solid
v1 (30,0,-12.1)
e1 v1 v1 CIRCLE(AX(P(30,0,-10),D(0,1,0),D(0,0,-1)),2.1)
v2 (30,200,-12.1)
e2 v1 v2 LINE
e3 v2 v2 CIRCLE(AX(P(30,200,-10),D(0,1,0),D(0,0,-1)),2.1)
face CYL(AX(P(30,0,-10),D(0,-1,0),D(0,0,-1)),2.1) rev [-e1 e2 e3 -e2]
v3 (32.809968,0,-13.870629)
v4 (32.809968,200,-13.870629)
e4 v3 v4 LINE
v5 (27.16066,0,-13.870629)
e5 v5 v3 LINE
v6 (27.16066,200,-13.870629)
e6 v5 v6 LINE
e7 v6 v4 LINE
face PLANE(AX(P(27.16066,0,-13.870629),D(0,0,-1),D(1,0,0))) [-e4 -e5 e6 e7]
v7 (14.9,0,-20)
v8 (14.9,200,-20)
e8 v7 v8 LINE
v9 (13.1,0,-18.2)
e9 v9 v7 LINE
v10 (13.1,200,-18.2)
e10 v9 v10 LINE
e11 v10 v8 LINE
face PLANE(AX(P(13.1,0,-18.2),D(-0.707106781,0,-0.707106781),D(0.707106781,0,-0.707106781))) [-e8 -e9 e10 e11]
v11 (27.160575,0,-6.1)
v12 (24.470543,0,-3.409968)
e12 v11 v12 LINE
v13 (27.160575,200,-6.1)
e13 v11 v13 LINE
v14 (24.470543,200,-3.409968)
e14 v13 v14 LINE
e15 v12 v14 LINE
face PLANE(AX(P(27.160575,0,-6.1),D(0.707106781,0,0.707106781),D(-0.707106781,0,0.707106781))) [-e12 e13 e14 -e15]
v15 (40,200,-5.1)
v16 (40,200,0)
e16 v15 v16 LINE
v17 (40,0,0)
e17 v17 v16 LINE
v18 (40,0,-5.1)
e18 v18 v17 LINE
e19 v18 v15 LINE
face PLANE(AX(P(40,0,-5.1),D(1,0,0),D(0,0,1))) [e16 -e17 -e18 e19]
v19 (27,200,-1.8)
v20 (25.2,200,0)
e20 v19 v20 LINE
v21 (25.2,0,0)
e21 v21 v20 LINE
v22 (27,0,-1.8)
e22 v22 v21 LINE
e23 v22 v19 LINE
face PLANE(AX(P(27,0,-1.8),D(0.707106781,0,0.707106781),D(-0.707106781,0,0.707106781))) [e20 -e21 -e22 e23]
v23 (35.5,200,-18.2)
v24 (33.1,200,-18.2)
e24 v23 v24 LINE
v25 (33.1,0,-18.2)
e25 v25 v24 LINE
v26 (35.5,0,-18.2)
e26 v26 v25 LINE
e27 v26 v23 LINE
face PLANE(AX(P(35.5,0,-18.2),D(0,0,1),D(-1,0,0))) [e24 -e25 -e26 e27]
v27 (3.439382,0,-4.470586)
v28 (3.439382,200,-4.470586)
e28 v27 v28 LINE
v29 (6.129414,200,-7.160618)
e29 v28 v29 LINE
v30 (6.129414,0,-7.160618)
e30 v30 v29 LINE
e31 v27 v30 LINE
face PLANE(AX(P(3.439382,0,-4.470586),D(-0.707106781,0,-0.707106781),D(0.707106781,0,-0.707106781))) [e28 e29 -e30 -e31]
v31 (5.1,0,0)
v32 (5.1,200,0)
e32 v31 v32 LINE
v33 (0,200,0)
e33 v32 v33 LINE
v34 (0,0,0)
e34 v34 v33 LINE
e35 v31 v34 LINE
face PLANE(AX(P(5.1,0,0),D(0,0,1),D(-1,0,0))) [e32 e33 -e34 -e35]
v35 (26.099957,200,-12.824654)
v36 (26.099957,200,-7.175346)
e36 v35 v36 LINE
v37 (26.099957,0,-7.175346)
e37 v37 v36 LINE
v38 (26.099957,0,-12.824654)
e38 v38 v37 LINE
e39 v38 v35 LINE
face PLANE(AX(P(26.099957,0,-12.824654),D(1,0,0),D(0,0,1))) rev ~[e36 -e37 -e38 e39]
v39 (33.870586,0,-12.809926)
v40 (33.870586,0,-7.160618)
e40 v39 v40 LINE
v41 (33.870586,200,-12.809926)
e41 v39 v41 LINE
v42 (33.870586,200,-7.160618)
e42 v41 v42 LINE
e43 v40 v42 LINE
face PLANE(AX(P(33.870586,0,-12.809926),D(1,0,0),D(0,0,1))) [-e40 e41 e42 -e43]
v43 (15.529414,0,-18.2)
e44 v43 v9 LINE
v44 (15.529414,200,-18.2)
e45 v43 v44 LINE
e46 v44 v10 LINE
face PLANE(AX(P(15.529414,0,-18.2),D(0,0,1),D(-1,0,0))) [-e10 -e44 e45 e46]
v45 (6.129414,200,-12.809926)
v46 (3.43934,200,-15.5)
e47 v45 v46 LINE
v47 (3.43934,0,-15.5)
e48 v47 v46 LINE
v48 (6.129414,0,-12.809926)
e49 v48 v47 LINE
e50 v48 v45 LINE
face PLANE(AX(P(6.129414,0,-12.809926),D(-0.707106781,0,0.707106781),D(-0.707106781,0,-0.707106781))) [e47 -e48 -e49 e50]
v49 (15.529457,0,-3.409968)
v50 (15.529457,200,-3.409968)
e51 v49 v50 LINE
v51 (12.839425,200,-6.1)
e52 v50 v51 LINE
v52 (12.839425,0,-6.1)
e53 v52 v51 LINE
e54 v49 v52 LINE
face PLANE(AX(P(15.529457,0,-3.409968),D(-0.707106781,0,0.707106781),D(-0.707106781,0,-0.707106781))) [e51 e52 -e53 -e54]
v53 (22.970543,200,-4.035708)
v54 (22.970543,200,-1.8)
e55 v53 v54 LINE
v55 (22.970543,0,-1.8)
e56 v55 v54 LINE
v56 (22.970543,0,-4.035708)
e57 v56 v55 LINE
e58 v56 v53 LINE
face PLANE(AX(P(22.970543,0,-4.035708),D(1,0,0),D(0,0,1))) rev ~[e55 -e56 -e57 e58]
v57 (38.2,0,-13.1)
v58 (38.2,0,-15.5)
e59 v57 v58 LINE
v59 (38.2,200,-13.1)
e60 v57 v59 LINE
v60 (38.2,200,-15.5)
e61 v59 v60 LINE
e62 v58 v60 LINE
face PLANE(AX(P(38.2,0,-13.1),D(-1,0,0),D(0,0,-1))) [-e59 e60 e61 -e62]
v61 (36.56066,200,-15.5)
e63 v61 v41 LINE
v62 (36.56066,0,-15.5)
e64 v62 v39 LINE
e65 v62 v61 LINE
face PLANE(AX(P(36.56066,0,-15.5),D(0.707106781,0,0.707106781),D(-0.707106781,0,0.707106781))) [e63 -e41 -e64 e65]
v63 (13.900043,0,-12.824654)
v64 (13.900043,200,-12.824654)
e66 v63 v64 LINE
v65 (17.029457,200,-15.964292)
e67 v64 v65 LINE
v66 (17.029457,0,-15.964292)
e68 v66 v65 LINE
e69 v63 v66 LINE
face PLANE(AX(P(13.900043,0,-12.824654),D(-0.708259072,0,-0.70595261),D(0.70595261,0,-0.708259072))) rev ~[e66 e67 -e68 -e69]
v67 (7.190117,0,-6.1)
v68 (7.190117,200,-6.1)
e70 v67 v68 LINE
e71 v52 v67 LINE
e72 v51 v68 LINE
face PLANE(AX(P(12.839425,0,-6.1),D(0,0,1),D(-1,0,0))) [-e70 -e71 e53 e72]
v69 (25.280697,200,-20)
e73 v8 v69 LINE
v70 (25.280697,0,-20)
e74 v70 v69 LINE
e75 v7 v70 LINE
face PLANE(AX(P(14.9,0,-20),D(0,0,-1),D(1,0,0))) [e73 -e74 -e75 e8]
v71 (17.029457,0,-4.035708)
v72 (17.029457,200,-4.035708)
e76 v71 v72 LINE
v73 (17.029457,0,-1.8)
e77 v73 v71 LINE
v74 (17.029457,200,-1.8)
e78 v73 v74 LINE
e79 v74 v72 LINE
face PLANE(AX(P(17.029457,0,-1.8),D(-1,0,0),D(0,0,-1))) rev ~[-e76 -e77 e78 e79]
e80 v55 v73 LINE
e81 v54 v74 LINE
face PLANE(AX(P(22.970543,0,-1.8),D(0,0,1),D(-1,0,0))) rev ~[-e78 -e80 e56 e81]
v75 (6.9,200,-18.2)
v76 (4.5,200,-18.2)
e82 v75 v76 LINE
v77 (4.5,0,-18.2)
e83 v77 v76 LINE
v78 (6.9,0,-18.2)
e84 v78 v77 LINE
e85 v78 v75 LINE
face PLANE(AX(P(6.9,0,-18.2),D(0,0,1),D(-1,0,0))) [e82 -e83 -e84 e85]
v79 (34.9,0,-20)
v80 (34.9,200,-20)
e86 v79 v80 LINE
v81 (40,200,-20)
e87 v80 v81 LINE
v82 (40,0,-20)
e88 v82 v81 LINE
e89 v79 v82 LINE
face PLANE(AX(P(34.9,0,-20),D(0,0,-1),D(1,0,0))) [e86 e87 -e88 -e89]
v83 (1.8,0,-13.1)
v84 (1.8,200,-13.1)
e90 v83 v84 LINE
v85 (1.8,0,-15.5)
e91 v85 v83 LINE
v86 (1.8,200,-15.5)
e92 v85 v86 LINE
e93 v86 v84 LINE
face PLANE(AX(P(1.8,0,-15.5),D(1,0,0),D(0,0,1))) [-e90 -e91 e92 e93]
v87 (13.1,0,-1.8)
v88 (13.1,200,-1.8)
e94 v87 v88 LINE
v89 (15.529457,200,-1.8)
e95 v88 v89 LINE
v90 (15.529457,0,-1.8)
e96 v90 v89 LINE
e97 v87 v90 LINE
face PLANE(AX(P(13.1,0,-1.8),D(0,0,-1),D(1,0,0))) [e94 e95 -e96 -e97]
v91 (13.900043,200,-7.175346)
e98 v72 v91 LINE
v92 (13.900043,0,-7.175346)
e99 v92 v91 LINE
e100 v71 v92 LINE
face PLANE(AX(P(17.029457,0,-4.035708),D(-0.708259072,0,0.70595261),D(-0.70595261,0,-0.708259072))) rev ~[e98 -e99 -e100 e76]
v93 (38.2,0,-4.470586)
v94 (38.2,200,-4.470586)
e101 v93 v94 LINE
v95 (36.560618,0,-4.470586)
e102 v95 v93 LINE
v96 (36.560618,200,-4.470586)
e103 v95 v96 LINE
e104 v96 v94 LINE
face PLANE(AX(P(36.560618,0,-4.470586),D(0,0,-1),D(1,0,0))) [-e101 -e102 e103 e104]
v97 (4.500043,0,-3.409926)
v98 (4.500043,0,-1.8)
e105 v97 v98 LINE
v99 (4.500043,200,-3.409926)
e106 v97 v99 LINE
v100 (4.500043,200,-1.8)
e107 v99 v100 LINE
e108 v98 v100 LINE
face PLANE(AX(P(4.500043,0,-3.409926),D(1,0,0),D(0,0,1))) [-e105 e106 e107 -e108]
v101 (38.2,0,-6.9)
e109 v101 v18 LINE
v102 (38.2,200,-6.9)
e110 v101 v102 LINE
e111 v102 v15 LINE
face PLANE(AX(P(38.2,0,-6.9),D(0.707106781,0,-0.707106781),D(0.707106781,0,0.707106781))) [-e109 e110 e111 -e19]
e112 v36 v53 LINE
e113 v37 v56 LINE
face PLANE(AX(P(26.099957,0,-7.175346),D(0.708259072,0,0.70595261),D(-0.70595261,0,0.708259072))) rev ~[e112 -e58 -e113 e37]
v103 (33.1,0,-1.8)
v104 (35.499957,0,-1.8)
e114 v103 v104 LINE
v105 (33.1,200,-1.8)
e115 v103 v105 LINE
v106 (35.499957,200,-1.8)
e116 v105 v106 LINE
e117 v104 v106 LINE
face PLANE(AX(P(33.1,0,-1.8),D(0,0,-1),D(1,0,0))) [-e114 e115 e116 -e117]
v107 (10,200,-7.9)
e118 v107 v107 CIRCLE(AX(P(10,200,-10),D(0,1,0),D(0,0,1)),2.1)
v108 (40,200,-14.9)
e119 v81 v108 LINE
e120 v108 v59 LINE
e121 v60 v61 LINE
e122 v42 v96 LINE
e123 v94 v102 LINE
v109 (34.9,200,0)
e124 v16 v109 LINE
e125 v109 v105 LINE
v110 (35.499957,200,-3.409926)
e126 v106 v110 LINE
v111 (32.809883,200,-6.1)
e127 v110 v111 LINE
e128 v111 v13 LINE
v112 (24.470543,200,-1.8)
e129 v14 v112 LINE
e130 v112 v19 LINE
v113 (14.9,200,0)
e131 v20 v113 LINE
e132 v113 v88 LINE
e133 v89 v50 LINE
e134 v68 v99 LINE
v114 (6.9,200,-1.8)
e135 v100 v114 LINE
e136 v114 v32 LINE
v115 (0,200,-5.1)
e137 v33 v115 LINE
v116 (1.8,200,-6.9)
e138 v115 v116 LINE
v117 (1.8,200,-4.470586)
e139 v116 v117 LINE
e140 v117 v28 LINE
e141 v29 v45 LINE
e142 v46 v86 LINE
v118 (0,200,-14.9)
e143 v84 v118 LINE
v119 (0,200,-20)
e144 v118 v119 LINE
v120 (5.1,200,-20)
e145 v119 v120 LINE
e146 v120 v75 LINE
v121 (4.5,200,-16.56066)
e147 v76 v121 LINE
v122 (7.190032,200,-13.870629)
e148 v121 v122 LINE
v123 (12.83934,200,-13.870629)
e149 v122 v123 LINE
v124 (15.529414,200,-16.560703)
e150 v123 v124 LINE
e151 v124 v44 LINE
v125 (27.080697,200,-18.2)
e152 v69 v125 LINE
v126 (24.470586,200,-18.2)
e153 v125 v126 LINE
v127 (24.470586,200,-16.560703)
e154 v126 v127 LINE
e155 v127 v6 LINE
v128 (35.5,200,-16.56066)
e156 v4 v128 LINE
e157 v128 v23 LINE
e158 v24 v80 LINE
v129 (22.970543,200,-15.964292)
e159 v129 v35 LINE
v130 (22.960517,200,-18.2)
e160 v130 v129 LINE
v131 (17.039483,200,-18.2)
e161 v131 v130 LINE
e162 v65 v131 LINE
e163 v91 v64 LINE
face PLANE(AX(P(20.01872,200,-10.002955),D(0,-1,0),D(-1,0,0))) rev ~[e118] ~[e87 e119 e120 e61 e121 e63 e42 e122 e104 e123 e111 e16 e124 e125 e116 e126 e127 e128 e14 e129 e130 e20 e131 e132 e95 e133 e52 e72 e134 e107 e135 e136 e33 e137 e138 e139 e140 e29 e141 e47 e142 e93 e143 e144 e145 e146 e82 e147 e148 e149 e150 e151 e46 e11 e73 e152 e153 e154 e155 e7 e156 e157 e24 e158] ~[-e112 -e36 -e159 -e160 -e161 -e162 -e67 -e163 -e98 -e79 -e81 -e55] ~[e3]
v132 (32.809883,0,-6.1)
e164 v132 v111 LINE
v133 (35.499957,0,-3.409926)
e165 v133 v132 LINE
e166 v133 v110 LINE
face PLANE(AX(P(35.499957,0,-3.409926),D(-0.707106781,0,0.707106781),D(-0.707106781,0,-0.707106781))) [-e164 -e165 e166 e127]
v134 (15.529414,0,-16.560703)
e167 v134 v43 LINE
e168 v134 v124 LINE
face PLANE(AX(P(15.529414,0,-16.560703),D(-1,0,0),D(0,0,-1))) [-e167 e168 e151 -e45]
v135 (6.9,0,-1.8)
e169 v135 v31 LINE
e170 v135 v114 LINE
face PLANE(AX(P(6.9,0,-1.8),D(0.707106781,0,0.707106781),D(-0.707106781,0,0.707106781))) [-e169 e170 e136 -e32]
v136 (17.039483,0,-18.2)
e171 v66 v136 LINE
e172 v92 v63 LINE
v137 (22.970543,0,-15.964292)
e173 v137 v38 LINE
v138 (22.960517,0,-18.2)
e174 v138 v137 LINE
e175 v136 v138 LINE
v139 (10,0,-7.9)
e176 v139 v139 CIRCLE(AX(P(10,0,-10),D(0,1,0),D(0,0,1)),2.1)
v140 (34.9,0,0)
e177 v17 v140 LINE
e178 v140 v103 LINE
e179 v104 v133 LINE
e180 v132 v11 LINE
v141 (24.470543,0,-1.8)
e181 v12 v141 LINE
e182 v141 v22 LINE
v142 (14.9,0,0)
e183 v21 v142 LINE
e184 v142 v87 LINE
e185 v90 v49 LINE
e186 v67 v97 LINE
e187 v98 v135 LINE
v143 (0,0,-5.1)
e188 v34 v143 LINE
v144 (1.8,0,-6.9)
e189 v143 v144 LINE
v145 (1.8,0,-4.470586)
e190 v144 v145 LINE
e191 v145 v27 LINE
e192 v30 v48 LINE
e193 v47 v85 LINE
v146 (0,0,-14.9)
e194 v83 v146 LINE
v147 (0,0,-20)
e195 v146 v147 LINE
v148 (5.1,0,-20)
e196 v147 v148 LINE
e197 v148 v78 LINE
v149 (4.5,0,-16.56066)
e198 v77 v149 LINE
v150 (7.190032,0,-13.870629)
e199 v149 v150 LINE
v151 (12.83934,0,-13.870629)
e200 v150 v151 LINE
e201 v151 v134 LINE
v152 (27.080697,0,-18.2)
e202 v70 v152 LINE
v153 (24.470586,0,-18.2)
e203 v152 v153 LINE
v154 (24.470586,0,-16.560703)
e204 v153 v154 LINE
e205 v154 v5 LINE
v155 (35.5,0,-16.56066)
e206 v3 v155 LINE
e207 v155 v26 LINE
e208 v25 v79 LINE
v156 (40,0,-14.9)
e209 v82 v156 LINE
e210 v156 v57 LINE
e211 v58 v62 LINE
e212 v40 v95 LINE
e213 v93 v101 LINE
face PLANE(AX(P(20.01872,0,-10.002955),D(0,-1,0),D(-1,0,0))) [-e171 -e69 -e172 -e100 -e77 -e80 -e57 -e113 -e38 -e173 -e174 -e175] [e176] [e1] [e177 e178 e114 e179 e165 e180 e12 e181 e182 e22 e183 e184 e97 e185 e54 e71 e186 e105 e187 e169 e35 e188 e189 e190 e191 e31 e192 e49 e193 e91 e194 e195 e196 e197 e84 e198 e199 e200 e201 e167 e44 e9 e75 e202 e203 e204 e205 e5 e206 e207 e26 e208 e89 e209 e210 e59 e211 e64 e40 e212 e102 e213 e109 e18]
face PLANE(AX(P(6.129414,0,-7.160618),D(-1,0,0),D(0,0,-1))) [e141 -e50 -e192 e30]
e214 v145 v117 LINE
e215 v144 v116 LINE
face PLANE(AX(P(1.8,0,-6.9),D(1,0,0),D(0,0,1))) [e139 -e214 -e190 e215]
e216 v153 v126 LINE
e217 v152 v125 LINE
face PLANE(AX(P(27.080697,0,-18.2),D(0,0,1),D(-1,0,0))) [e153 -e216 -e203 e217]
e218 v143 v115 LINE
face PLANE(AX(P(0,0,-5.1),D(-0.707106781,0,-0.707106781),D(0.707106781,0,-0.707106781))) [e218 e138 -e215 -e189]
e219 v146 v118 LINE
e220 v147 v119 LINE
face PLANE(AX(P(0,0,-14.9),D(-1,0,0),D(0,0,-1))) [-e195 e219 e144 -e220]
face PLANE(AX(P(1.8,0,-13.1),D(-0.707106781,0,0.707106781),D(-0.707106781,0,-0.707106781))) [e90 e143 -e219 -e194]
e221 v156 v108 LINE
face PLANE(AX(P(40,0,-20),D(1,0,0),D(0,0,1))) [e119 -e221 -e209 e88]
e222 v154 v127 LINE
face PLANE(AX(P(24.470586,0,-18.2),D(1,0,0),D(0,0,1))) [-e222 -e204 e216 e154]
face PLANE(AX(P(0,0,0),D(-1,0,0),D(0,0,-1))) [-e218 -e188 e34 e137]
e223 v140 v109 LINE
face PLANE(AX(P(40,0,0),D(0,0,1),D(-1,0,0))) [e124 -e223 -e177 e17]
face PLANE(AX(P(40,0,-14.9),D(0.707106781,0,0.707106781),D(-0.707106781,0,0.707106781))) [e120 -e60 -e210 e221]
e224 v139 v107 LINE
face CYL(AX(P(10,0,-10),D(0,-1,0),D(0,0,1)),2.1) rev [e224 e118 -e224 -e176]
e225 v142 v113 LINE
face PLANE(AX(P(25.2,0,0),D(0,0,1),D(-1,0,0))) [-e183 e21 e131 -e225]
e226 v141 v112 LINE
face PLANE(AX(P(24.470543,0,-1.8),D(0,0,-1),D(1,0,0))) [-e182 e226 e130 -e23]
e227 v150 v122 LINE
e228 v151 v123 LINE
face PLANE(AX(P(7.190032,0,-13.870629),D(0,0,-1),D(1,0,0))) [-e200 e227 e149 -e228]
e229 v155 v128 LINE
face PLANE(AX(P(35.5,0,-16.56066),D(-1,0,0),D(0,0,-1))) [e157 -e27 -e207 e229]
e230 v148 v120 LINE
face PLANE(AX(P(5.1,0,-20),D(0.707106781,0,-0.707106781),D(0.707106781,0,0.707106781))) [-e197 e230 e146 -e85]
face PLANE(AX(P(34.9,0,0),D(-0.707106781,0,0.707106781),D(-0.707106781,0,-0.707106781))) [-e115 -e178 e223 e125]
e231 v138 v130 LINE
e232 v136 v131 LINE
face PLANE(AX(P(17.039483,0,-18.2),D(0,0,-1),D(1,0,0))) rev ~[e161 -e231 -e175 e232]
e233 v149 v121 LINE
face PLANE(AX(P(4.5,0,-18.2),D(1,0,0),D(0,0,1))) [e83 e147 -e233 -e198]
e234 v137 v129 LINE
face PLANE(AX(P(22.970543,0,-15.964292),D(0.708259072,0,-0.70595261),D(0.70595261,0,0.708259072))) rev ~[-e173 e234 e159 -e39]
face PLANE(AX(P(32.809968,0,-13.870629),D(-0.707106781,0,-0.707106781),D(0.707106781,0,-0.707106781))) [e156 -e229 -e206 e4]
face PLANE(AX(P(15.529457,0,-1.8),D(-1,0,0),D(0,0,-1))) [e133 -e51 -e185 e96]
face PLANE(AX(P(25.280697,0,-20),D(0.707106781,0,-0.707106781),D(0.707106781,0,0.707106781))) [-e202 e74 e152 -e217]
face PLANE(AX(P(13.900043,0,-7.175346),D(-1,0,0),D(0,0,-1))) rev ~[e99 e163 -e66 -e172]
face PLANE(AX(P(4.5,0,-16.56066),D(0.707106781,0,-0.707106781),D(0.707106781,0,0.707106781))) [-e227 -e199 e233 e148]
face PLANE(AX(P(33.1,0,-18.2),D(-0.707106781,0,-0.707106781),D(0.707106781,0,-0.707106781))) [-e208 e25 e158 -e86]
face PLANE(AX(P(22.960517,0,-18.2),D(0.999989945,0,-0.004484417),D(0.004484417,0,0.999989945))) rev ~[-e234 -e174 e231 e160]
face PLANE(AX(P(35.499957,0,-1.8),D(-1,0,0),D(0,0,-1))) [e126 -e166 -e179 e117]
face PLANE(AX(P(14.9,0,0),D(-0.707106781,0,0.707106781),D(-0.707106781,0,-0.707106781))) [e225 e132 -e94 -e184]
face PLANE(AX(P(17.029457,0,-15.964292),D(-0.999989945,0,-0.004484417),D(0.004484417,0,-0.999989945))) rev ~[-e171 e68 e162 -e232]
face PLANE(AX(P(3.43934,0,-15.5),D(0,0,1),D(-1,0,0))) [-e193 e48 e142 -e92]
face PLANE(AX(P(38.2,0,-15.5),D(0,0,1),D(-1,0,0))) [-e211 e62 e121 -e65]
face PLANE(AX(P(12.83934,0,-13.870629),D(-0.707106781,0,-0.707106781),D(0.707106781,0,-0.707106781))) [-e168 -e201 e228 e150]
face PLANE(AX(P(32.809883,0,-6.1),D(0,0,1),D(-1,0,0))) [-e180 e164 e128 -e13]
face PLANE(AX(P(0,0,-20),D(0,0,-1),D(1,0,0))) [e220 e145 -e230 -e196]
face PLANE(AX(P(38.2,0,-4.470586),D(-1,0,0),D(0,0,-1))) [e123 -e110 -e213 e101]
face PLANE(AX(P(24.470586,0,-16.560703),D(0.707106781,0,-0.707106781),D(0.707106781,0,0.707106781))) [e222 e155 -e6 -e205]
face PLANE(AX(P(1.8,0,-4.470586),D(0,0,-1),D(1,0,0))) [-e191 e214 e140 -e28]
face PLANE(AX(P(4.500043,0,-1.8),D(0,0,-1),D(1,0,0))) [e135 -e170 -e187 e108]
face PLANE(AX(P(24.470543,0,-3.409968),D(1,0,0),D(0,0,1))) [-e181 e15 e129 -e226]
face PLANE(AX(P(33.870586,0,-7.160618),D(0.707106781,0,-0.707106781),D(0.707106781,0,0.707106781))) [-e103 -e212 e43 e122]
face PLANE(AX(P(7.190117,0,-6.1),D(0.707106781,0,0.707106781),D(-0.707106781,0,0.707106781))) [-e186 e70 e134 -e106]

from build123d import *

# Parameters (mm, degrees)
SKETCH1_R           = 2.1
BOSS_EXTRUDE1_DEPTH = 200


with BuildPart() as part:
    # Sketch1 → Boss-Extrude1 (new body)
    with BuildSketch(Plane(origin=(0, 0, 0), x_dir=(1, 0, 0), z_dir=(0, 1, 0))):
        Polygon((1.8, 15.5), (1.8, 13.1), (0, 14.9), (0, 20), (5.1, 20), (6.9, 18.2), (4.5, 18.2), (4.5, 16.560660172), (7.190031555, 13.870628617), (12.839339828, 13.870628617), (15.529414018, 16.560702806), (15.529414018, 18.2), (13.1, 18.2), (14.9, 20), (25.280697212, 20), (27.080697212, 18.2), (24.470585982, 18.2), (24.470585982, 16.560702806), (27.160660172, 13.870628617), (32.809968445, 13.870628617), (35.5, 16.560660172), (35.5, 18.2), (33.1, 18.2), (34.9, 20), (40, 20), (40, 14.9), (38.2, 13.1), (38.2, 15.5), (36.560660172, 15.5), (33.870585982, 12.809925811), (33.870585982, 7.160617537), (36.560617537, 4.470585982), (38.2, 4.470585982), (38.2, 6.9), (40, 5.1), (40, 0), (34.9, 0), (33.1, 1.8), (35.499957366, 1.8), (35.499957366, 3.409925811), (32.809883176, 6.1), (27.160574903, 6.1), (24.470543348, 3.409968445), (24.470543348, 1.8), (27, 1.8), (25.2, 0), (14.9, 0), (13.1, 1.8), (15.529456652, 1.8), (15.529456652, 3.409968445), (12.839425097, 6.1), (7.190116824, 6.1), (4.500042634, 3.409925811), (4.500042634, 1.8), (6.9, 1.8), (5.1, 0), (0, 0), (0, 5.1), (1.8, 6.9), (1.8, 4.470585982), (3.439382463, 4.470585982), (6.129414018, 7.160617537), (6.129414018, 12.809925811), (3.439339828, 15.5), align=None)
        with Locations(Location((10, 10, 0), (0, 0, 270))):
            Circle(SKETCH1_R, mode=Mode.SUBTRACT)
        with Locations(Location((30, 10, 0), (0, 0, 90))):
            Circle(SKETCH1_R, mode=Mode.SUBTRACT)
        Polygon((13.900042634, 7.175345863), (13.900042634, 12.824654137), (17.029456652, 15.964292458), (17.039482597, 18.2), (22.960517403, 18.2), (22.970543348, 15.964292458), (26.099957366, 12.824654137), (26.099957366, 7.175345863), (22.970543348, 4.035707542), (22.970543348, 1.8), (17.029456652, 1.8), (17.029456652, 4.035707542), align=None, mode=Mode.SUBTRACT)
    extrude(amount=BOSS_EXTRUDE1_DEPTH)


solid = part.part
